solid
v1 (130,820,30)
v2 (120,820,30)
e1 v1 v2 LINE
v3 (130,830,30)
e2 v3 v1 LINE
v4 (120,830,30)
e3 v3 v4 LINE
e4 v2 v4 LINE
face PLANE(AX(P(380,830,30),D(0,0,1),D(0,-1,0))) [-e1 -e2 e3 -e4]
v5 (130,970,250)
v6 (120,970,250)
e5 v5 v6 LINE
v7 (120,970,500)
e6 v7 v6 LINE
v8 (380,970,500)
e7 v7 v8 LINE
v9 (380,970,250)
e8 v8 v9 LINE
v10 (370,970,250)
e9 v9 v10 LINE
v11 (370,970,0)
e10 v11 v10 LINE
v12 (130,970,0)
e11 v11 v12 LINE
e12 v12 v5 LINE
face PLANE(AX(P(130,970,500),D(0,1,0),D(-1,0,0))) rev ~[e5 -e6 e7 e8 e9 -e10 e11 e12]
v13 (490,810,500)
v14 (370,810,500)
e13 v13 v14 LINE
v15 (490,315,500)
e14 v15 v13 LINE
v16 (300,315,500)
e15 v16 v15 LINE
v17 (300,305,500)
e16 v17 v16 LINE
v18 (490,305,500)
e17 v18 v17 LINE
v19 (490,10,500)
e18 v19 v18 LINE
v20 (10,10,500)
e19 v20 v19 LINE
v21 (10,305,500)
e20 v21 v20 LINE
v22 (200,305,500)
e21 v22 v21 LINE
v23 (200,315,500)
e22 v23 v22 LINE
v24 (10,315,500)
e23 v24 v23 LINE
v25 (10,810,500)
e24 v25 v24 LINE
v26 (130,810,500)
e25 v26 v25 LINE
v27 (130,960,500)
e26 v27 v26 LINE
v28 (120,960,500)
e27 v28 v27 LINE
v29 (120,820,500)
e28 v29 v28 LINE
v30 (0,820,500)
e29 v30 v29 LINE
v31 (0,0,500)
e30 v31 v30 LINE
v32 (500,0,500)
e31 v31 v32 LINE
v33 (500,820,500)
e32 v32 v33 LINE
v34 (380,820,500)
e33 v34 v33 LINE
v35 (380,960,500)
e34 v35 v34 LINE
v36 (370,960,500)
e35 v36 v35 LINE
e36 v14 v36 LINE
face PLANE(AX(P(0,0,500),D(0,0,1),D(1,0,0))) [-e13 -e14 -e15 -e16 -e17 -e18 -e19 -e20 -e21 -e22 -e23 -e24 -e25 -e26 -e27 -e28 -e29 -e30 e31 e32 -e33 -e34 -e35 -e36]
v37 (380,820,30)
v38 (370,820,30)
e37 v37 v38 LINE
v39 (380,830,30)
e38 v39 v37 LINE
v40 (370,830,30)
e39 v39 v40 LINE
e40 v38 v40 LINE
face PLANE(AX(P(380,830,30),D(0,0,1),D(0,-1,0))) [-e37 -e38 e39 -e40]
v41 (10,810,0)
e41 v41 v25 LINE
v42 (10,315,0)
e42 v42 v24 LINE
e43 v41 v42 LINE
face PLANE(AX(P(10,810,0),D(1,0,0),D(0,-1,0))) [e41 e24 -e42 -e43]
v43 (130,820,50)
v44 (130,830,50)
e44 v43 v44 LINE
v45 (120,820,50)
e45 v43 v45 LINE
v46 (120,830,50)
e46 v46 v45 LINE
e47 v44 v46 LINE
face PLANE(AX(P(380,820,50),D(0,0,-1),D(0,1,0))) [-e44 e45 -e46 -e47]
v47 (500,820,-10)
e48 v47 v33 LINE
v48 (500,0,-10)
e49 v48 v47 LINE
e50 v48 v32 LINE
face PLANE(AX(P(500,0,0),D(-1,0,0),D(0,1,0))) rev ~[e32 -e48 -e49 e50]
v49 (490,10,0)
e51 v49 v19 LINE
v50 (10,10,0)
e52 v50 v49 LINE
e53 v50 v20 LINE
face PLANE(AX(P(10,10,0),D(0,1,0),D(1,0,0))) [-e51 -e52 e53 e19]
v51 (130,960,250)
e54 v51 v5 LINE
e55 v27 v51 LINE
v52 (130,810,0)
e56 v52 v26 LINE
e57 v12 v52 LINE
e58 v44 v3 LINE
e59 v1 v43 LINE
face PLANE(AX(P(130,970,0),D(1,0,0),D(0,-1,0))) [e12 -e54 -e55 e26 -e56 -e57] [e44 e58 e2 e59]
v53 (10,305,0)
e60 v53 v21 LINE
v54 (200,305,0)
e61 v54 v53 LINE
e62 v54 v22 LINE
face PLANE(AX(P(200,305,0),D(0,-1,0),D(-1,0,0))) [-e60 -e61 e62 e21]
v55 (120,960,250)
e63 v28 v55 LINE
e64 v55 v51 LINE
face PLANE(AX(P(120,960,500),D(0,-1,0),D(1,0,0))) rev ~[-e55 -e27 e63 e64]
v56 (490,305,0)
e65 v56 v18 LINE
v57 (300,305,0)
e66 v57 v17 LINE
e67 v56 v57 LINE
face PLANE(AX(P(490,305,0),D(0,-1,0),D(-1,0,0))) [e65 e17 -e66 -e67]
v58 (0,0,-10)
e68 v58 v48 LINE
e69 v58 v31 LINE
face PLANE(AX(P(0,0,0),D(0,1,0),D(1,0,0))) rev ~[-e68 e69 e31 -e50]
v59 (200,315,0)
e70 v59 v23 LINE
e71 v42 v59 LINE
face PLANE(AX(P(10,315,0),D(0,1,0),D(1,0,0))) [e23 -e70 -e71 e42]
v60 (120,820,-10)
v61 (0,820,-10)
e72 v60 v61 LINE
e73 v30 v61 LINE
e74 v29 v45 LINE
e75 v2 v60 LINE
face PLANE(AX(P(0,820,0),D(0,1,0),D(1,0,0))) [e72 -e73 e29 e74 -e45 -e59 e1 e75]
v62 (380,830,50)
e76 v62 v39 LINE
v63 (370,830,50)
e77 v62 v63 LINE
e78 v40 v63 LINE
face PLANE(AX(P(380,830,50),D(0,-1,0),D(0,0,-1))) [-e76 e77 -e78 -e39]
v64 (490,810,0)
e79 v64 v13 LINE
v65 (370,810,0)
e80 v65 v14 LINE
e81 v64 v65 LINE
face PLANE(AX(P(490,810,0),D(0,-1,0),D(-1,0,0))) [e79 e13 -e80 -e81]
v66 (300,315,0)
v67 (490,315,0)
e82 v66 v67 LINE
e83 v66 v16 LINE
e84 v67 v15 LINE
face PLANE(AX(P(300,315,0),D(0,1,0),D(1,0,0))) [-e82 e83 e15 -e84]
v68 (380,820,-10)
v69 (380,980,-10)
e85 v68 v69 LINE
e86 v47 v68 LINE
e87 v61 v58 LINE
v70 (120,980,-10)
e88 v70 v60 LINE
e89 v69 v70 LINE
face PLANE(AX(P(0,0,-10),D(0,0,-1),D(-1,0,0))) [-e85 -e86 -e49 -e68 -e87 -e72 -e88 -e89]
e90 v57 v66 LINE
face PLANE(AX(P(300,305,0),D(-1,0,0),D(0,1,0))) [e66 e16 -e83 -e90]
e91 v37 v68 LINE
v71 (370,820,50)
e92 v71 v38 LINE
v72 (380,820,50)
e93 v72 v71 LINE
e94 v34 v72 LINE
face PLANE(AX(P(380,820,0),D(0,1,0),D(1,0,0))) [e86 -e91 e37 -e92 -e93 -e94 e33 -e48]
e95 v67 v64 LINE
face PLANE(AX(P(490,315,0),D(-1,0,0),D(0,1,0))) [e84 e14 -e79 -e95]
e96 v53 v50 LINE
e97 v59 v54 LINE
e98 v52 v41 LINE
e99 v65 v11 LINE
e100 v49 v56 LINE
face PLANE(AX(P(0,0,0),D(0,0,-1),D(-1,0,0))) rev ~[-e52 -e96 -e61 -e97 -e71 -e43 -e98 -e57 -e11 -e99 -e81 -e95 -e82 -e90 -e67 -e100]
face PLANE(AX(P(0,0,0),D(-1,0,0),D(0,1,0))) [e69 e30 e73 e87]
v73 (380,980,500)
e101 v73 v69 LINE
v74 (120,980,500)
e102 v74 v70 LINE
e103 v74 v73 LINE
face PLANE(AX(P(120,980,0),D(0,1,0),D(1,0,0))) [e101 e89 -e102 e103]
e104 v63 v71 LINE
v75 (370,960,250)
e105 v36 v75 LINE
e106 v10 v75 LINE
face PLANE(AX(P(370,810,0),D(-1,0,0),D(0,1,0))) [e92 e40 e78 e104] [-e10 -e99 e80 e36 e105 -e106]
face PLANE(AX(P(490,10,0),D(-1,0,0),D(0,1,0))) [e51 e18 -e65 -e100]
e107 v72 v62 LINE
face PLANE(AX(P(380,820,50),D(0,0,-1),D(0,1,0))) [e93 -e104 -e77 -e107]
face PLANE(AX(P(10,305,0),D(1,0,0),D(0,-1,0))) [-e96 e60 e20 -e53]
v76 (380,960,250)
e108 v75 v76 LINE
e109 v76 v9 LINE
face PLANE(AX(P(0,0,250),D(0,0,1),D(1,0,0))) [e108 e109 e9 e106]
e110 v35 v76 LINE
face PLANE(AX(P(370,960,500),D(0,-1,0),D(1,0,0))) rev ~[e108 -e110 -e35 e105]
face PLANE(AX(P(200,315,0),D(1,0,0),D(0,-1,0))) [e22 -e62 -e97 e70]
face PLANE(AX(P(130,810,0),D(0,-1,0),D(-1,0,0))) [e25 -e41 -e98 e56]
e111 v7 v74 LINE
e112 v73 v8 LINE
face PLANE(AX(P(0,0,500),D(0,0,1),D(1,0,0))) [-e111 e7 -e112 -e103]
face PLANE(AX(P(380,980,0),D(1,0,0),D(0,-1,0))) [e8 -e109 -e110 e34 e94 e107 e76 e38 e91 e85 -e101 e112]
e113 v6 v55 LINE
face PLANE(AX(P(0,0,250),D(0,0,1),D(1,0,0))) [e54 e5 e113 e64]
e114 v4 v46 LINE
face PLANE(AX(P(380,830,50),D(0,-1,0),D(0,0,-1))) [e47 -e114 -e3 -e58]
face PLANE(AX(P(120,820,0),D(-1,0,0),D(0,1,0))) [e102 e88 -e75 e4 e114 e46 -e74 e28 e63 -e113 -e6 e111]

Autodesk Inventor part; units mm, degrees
ref_plane "YZ Plane" through (0, 0, 0) normal (1, 0, 0) x (0, 1, 0)
ref_plane "XZ Plane" through (0, 0, 0) normal (0, 1, 0) x (-1, 0, 0)
ref_plane "XY Plane" through (0, 0, 0) normal (0, 0, 1) x (1, 0, 0)
sketch "스케치1" plane through (0, 0, 0) normal (0, 0, 1) x (1, 0, 0)
  line L0 (0, 0) -> (500, 0)
  line L1 (500, 0) -> (500, 820)
  line L2 (0, 0) -> (0, 820)
  line L3 (0, 820) -> (120, 820)
  line L4 (120, 820) -> (120, 980)
  line L5 (120, 980) -> (380, 980)
  line L6 (380, 980) -> (380, 820)
  line L7 (380, 820) -> (500, 820)
  line L8 (10, 10) -> (490, 10)
  line L9 (490, 10) -> (490, 305)
  line L10 (490, 305) -> (300, 305)
  line L11 (300, 305) -> (300, 315)
  line L12 (300, 315) -> (490, 315)
  line L13 (490, 315) -> (490, 810)
  line L14 (490, 810) -> (370, 810)
  line L15 (370, 810) -> (370, 970)
  line L16 (370, 970) -> (130, 970)
  line L17 (130, 970) -> (130, 810)
  line L18 (130, 810) -> (10, 810)
  line L19 (10, 810) -> (10, 315)
  line L20 (10, 315) -> (200, 315)
  line L21 (200, 315) -> (200, 305)
  line L22 (200, 305) -> (10, 305)
  line L23 (10, 305) -> (10, 10)
  dimension "d0" = 500
  dimension "d1" = 820
  dimension "d2" = 820
  dimension "d3" = 10
  dimension "d4" = 10
  dimension "d5" = 10
  dimension "d6" = 10
  dimension "d7" = 10
  dimension "d8" = 10
  dimension "d9" = 10
  dimension "d10" = 10
  dimension "d11" = 100
  dimension "d12" = 295
  dimension "d13" = 240
  dimension "d14" = 160
extrude "돌출1" add sketch "스케치1" along normal blind 500
sketch "스케치2" plane through (0, 0, 0) normal (0, 0, -1) x (-1, 0, 0)
  line L0 (-380, 820) -> (-380, 980) projected
  line L1 (-500, 820) -> (-380, 820) projected
  line L2 (-500, 0) -> (-500, 820) projected
  line L3 (0, 0) -> (-500, 0) projected
  line L4 (0, 820) -> (0, 0) projected
  line L5 (-120, 820) -> (0, 820) projected
  line L6 (-120, 980) -> (-120, 820) projected
  line L7 (-380, 980) -> (-120, 980) projected
  line L8 (-490, 305) -> (-490, 10) projected
  line L9 (-300, 305) -> (-490, 305) projected
  line L10 (-300, 315) -> (-300, 305) projected
  line L11 (-490, 315) -> (-300, 315) projected
  line L12 (-490, 810) -> (-490, 315) projected
  line L13 (-370, 810) -> (-490, 810) projected
  line L14 (-370, 970) -> (-370, 810) projected
  line L15 (-130, 970) -> (-370, 970) projected
  line L16 (-130, 810) -> (-130, 970) projected
  line L17 (-10, 810) -> (-130, 810) projected
  line L18 (-10, 315) -> (-10, 810) projected
  line L19 (-200, 315) -> (-10, 315) projected
  line L20 (-200, 305) -> (-200, 315) projected
  line L21 (-10, 305) -> (-200, 305) projected
  line L22 (-10, 10) -> (-10, 305) projected
  line L23 (-490, 10) -> (-10, 10) projected
extrude "돌출2" add sketch "스케치2" along normal blind 10 contours L0 L7 L6 L5 L4 L3 L2 L1 | L9 L10 L11 L12 L13 L14 L15 L16 L17 L18 L19 L20 L21 L22 L23 L8
sketch "스케치3" plane through (0, 0, 500) normal (0, 0, 1) x (1, 0, 0)
  line L0 (380, 820) -> (380, 980) projected
  line L1 (380, 980) -> (120, 980) projected
  line L2 (120, 980) -> (120, 820) projected
  line L3 (120, 820) -> (0, 820) projected
  line L4 (0, 820) -> (0, 0) projected
  line L5 (0, 0) -> (500, 0) projected
  line L6 (500, 0) -> (500, 820) projected
  line L7 (500, 820) -> (380, 820) projected
  line L8 (490, 305) -> (490, 10) projected
  line L9 (490, 10) -> (10, 10) projected
  line L10 (10, 10) -> (10, 305) projected
  line L11 (10, 305) -> (200, 305) projected
  line L12 (200, 305) -> (200, 315) projected
  line L13 (200, 315) -> (10, 315) projected
  line L14 (10, 315) -> (10, 810) projected
  line L15 (10, 810) -> (130, 810) projected
  line L16 (130, 810) -> (130, 970) projected
  line L17 (130, 970) -> (370, 970) projected
  line L18 (370, 970) -> (370, 810) projected
  line L19 (370, 810) -> (490, 810) projected
  line L20 (490, 810) -> (490, 315) projected
  line L21 (490, 315) -> (300, 315) projected
  line L22 (300, 315) -> (300, 305) projected
  line L23 (300, 305) -> (490, 305) projected
  line L24 (120, 980) -> (120, 820) projected
  line L25 (380, 820) -> (380, 980) projected
  line L26 (120, 960) -> (380, 960)
  line L27 (380, 960) -> (380, 970)
  line L28 (380, 970) -> (120, 970)
  line L29 (120, 970) -> (120, 960)
  line L30 (130, 970) -> (370, 970) projected
  point P0 (370, 960)
  point P1 (130, 960)
  dimension "d19" = 10
extrude "돌출3" cut sketch "스케치3" against normal blind 250 contours L26 L18 L28 L0 | L26 L2 L28 L16
sketch "스케치4" plane through (380, 820, -10) normal (1, 0, 0) x (0, 0, -1)
  line L0 (0, 160) -> (0, 0) projected
  line L1 (0, 0) -> (-510, 0) projected
  line L2 (-40, 0) -> (-60, 0)
  line L3 (-60, 0) -> (-60, 10)
  line L4 (-60, 10) -> (-40, 10)
  line L5 (-40, 10) -> (-40, 0)
  line L6 (-10, -505) -> (-10, -10) projected
  point P0 (-10, -820)
  dimension "d22" = 20
  dimension "d23" = 10
  dimension "d24" = 30
extrude "돌출4" cut sketch "스케치4" against normal through all
properties part number "Main"
